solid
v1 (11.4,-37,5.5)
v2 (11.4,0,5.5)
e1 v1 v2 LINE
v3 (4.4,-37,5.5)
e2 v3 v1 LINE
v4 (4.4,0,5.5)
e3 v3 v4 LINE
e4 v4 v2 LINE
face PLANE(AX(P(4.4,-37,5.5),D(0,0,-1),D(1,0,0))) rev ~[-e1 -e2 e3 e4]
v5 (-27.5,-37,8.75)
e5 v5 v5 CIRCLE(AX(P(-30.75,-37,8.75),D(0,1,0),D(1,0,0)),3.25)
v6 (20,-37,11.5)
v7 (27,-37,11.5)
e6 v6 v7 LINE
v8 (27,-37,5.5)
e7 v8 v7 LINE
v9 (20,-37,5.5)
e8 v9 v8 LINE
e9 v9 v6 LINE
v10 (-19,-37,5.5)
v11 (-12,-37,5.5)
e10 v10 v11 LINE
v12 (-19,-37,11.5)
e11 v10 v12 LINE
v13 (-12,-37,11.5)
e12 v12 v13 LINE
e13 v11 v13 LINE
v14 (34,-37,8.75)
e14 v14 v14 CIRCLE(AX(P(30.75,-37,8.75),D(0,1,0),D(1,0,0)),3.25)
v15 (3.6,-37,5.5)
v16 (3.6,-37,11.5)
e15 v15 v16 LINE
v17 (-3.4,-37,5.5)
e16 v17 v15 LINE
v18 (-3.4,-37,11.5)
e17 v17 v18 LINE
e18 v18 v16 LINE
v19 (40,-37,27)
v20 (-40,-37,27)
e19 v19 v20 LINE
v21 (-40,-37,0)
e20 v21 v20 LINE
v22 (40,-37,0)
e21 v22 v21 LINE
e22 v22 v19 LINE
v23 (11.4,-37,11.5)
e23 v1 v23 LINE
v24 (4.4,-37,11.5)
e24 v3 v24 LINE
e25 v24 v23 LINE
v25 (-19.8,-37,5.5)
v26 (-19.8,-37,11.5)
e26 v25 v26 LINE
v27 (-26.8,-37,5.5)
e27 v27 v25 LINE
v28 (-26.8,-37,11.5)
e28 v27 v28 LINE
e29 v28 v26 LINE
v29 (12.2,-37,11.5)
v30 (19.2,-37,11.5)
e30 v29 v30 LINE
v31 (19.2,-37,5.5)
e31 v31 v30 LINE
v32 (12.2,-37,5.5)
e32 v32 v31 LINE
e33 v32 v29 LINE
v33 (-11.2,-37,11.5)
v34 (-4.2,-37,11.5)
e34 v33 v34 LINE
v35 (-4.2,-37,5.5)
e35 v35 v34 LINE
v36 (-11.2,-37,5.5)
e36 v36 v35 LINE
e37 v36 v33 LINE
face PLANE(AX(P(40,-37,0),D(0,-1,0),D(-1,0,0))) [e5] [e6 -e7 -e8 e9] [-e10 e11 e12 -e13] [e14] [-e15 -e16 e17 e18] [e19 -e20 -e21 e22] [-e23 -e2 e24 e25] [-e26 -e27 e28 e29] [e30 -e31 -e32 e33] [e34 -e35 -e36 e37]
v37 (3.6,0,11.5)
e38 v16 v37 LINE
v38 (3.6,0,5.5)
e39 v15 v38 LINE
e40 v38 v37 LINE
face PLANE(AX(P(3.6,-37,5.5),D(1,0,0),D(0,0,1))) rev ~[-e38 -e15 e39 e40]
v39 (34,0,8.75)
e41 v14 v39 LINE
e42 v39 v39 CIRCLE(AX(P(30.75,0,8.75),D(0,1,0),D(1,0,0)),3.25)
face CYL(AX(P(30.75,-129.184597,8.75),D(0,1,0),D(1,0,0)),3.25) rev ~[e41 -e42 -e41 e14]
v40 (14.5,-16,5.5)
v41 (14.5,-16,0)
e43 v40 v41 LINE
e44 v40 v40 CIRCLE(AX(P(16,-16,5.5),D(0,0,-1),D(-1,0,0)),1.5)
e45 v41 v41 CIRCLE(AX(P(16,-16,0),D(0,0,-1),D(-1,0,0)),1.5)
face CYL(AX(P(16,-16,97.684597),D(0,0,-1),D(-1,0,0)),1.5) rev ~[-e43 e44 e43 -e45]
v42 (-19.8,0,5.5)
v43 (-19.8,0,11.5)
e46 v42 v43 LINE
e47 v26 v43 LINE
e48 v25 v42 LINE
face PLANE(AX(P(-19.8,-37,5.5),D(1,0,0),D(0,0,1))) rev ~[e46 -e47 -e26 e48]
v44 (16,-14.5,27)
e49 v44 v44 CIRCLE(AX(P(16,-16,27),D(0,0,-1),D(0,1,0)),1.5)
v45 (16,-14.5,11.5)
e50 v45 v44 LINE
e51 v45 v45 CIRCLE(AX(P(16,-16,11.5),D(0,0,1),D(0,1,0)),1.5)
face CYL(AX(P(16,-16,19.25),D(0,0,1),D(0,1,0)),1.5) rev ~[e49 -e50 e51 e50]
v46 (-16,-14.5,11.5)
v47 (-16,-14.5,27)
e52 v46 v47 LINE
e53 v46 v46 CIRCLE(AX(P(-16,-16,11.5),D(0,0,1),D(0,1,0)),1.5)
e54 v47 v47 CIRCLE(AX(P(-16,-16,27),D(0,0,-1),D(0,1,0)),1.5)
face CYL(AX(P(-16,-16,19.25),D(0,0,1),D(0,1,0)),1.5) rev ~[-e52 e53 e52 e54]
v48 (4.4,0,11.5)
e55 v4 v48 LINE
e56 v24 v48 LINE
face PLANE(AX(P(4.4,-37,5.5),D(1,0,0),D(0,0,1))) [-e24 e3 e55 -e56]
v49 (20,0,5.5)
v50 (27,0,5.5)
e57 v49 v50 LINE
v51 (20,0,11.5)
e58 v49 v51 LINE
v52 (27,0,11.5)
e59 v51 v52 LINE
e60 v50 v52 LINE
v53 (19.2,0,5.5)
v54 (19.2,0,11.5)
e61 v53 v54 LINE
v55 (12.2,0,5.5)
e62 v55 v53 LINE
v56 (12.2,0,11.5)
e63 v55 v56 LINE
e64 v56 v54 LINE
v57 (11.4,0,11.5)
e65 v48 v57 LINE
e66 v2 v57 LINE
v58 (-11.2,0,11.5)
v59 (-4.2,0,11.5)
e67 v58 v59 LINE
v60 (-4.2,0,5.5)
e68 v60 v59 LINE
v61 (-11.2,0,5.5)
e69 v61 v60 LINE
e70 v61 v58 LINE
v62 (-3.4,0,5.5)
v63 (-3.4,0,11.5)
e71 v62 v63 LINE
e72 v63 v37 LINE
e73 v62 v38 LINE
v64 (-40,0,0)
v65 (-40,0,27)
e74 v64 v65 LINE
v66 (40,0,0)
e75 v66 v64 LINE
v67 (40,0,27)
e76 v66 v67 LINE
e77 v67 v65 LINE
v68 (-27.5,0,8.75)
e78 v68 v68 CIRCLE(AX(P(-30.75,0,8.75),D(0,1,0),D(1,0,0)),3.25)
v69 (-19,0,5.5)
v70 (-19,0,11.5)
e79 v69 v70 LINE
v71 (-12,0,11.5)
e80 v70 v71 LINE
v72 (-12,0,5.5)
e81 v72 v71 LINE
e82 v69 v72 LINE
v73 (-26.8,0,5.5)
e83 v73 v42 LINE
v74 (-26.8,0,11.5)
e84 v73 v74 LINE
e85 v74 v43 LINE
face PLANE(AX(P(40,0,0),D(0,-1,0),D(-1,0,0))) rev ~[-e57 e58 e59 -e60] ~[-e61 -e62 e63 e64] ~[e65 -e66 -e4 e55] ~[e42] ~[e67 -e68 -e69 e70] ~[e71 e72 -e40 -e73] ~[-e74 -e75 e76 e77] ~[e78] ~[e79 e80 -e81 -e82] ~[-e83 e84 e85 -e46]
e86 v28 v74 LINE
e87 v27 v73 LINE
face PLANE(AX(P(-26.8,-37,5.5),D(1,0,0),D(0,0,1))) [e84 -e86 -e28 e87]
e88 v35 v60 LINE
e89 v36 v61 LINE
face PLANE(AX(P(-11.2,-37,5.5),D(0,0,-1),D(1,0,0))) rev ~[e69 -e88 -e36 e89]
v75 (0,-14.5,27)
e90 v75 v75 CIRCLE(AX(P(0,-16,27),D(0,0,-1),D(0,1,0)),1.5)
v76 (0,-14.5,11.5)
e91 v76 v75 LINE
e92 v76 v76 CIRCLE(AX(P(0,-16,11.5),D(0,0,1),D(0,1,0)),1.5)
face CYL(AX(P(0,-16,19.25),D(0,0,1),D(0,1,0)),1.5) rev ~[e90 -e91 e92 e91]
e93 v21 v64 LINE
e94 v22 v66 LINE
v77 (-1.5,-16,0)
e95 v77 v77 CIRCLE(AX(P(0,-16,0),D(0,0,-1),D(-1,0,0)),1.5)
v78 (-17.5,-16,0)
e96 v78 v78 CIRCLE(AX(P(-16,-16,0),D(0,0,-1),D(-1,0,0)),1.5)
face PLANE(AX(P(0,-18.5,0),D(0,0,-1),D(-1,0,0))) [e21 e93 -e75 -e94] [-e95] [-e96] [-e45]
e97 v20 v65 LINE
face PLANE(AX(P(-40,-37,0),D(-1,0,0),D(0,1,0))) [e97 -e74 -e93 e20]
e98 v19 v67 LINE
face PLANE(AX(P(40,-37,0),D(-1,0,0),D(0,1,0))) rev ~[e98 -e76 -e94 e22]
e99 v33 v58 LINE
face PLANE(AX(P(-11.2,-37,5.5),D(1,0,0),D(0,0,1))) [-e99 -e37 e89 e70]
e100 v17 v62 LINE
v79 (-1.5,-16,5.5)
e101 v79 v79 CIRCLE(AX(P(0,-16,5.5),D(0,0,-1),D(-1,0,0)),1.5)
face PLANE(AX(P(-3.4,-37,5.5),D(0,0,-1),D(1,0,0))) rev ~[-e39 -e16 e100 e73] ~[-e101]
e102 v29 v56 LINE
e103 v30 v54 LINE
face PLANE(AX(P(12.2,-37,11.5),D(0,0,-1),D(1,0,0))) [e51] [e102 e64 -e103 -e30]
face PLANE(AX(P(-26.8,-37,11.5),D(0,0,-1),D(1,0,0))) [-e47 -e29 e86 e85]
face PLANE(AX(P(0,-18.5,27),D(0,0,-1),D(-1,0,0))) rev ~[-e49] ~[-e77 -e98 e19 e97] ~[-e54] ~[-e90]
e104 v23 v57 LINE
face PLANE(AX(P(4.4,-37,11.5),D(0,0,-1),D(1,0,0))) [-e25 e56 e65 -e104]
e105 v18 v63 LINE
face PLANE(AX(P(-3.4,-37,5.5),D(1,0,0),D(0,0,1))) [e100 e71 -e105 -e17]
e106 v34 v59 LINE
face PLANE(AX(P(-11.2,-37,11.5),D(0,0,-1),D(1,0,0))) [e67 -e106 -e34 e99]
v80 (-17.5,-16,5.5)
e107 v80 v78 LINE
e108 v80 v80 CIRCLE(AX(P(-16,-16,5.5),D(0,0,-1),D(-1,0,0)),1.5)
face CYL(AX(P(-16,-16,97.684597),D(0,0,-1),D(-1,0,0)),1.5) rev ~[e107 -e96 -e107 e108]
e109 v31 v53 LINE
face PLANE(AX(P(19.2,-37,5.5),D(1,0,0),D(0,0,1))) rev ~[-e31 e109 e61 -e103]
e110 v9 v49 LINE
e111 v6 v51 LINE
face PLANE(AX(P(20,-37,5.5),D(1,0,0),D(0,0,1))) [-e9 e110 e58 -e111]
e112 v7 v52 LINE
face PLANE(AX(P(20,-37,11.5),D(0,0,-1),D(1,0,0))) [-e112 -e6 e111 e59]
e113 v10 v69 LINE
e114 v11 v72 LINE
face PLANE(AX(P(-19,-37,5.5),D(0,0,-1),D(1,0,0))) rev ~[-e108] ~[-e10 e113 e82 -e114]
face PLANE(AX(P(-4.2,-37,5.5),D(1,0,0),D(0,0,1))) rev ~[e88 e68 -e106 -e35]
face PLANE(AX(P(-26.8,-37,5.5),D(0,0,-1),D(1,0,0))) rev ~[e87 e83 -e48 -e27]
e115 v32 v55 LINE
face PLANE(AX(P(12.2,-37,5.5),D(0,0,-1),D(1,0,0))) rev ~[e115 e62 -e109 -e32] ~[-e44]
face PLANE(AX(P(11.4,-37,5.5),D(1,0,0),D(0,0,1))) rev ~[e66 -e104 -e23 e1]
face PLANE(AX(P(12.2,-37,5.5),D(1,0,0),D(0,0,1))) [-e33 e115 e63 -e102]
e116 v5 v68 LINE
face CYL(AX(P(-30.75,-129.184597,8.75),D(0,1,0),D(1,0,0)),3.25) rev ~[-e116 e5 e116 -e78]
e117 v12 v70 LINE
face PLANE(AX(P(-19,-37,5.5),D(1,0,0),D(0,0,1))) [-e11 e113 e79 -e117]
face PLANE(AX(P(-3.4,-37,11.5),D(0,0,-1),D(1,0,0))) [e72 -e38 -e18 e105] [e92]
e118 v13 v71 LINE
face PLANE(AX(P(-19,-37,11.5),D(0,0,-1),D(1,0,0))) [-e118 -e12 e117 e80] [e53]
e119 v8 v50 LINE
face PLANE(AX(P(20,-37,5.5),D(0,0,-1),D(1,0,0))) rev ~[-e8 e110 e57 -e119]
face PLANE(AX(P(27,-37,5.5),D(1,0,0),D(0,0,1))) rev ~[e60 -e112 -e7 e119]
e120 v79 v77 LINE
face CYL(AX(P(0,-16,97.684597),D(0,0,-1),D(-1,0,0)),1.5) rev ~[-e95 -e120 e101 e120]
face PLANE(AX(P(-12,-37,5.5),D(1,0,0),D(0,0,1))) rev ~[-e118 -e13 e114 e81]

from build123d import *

# Parameters (mm, degrees)
SKETCH_1_W                     = 80
SKETCH_1_H                     = 37
EXTRUDE_1_DEPTH                = 27
SKETCH_2_W                     = 7
SKETCH_2_H                     = 6
CUT_EXTRUDE_1_DEPTH            = 61.811183182
PATTERN_LINEAR_1_COUNT         = 7
PATTERN_LINEAR_1_PITCH         = 7.8
SKETCH_3_W                     = 1.5
SKETCH_3_H                     = 15.5
HOLE_WIZARD_3_0_3_1_AT_2_COUNT = 2
HOLE_WIZARD_3_0_3_1_AT_2_PITCH = 16
HOLE_WIZARD_3_0_3_1_AT_3_COUNT = 2
HOLE_WIZARD_3_0_3_1_AT_3_PITCH = 32
HOLE_WIZARD_6_5_6_5_1_D        = 6.5
HOLE_WIZARD_3_0_3_2_D          = 3


with BuildPart() as part:
    # Эскиз1 → Бобышка-Вытянуть1 (new body)
    with BuildSketch(Plane(origin=(0, 0, 0), x_dir=(-1, 0, 0), z_dir=(0, 0, -1))):
        with Locations((0, -18.5)):
            Rectangle(SKETCH_1_W, SKETCH_1_H)
    extrude(amount=-EXTRUDE_1_DEPTH)

    # Эскиз2 → Вырез-Вытянуть1 (cut, through all)
    with BuildSketch(Plane.XZ.offset(37)):
        with Locations((-23.3, 8.5)):
            Rectangle(SKETCH_2_W, SKETCH_2_H)
    cut_extrude_1 = extrude(amount=-CUT_EXTRUDE_1_DEPTH, mode=Mode.SUBTRACT)

    # Линейный массив1: Вырез-Вытянуть1 ×7
    with Locations(*[(i * PATTERN_LINEAR_1_PITCH, 0, 0) for i in range(1, PATTERN_LINEAR_1_COUNT)]):
        add(cut_extrude_1, mode=Mode.SUBTRACT)

    # Эскиз3 → Диаметр отверстия Ø3.0 (3)1 (revolve, cut)
    with BuildSketch(Plane(origin=(16, -16, 11.5), x_dir=(0, 1, 0), z_dir=(1, 0, 0))):
        with Locations((0.75, 7.75)):
            Rectangle(SKETCH_3_W, SKETCH_3_H)
    hole_wizard_3_0_3_1 = revolve(axis=Axis((16, -16, 5.15), (0, 0, 1)), mode=Mode.SUBTRACT)

    # Диаметр отверстия Ø3.0 (3)1 at 2: Диаметр отверстия Ø3.0 (3)1 ×2
    with Locations(*[(-i * HOLE_WIZARD_3_0_3_1_AT_2_PITCH, 0, 0) for i in range(1, HOLE_WIZARD_3_0_3_1_AT_2_COUNT)]):
        add(hole_wizard_3_0_3_1, mode=Mode.SUBTRACT)

    # Диаметр отверстия Ø3.0 (3)1 at 3: Диаметр отверстия Ø3.0 (3)1 ×2
    with Locations(*[(-i * HOLE_WIZARD_3_0_3_1_AT_3_PITCH, 0, 0) for i in range(1, HOLE_WIZARD_3_0_3_1_AT_3_COUNT)]):
        add(hole_wizard_3_0_3_1, mode=Mode.SUBTRACT)

    # Диаметр отверстия Ø6.5 (6.5)1 (through all)
    with Locations(Plane(origin=(0, -37, 0), x_dir=(-1, 0, 0), z_dir=(0, -1, 0))):
        with Locations((30.75, -8.75), (-30.75, -8.75)):
            Hole(HOLE_WIZARD_6_5_6_5_1_D / 2)

    # Диаметр отверстия Ø3.0 (3)2 (through all)
    with Locations(Plane.XY.offset(5.5)):
        with Locations((16, -16), (0, -16), (-16, -16)):
            Hole(HOLE_WIZARD_3_0_3_2_D / 2)


solid = part.part
